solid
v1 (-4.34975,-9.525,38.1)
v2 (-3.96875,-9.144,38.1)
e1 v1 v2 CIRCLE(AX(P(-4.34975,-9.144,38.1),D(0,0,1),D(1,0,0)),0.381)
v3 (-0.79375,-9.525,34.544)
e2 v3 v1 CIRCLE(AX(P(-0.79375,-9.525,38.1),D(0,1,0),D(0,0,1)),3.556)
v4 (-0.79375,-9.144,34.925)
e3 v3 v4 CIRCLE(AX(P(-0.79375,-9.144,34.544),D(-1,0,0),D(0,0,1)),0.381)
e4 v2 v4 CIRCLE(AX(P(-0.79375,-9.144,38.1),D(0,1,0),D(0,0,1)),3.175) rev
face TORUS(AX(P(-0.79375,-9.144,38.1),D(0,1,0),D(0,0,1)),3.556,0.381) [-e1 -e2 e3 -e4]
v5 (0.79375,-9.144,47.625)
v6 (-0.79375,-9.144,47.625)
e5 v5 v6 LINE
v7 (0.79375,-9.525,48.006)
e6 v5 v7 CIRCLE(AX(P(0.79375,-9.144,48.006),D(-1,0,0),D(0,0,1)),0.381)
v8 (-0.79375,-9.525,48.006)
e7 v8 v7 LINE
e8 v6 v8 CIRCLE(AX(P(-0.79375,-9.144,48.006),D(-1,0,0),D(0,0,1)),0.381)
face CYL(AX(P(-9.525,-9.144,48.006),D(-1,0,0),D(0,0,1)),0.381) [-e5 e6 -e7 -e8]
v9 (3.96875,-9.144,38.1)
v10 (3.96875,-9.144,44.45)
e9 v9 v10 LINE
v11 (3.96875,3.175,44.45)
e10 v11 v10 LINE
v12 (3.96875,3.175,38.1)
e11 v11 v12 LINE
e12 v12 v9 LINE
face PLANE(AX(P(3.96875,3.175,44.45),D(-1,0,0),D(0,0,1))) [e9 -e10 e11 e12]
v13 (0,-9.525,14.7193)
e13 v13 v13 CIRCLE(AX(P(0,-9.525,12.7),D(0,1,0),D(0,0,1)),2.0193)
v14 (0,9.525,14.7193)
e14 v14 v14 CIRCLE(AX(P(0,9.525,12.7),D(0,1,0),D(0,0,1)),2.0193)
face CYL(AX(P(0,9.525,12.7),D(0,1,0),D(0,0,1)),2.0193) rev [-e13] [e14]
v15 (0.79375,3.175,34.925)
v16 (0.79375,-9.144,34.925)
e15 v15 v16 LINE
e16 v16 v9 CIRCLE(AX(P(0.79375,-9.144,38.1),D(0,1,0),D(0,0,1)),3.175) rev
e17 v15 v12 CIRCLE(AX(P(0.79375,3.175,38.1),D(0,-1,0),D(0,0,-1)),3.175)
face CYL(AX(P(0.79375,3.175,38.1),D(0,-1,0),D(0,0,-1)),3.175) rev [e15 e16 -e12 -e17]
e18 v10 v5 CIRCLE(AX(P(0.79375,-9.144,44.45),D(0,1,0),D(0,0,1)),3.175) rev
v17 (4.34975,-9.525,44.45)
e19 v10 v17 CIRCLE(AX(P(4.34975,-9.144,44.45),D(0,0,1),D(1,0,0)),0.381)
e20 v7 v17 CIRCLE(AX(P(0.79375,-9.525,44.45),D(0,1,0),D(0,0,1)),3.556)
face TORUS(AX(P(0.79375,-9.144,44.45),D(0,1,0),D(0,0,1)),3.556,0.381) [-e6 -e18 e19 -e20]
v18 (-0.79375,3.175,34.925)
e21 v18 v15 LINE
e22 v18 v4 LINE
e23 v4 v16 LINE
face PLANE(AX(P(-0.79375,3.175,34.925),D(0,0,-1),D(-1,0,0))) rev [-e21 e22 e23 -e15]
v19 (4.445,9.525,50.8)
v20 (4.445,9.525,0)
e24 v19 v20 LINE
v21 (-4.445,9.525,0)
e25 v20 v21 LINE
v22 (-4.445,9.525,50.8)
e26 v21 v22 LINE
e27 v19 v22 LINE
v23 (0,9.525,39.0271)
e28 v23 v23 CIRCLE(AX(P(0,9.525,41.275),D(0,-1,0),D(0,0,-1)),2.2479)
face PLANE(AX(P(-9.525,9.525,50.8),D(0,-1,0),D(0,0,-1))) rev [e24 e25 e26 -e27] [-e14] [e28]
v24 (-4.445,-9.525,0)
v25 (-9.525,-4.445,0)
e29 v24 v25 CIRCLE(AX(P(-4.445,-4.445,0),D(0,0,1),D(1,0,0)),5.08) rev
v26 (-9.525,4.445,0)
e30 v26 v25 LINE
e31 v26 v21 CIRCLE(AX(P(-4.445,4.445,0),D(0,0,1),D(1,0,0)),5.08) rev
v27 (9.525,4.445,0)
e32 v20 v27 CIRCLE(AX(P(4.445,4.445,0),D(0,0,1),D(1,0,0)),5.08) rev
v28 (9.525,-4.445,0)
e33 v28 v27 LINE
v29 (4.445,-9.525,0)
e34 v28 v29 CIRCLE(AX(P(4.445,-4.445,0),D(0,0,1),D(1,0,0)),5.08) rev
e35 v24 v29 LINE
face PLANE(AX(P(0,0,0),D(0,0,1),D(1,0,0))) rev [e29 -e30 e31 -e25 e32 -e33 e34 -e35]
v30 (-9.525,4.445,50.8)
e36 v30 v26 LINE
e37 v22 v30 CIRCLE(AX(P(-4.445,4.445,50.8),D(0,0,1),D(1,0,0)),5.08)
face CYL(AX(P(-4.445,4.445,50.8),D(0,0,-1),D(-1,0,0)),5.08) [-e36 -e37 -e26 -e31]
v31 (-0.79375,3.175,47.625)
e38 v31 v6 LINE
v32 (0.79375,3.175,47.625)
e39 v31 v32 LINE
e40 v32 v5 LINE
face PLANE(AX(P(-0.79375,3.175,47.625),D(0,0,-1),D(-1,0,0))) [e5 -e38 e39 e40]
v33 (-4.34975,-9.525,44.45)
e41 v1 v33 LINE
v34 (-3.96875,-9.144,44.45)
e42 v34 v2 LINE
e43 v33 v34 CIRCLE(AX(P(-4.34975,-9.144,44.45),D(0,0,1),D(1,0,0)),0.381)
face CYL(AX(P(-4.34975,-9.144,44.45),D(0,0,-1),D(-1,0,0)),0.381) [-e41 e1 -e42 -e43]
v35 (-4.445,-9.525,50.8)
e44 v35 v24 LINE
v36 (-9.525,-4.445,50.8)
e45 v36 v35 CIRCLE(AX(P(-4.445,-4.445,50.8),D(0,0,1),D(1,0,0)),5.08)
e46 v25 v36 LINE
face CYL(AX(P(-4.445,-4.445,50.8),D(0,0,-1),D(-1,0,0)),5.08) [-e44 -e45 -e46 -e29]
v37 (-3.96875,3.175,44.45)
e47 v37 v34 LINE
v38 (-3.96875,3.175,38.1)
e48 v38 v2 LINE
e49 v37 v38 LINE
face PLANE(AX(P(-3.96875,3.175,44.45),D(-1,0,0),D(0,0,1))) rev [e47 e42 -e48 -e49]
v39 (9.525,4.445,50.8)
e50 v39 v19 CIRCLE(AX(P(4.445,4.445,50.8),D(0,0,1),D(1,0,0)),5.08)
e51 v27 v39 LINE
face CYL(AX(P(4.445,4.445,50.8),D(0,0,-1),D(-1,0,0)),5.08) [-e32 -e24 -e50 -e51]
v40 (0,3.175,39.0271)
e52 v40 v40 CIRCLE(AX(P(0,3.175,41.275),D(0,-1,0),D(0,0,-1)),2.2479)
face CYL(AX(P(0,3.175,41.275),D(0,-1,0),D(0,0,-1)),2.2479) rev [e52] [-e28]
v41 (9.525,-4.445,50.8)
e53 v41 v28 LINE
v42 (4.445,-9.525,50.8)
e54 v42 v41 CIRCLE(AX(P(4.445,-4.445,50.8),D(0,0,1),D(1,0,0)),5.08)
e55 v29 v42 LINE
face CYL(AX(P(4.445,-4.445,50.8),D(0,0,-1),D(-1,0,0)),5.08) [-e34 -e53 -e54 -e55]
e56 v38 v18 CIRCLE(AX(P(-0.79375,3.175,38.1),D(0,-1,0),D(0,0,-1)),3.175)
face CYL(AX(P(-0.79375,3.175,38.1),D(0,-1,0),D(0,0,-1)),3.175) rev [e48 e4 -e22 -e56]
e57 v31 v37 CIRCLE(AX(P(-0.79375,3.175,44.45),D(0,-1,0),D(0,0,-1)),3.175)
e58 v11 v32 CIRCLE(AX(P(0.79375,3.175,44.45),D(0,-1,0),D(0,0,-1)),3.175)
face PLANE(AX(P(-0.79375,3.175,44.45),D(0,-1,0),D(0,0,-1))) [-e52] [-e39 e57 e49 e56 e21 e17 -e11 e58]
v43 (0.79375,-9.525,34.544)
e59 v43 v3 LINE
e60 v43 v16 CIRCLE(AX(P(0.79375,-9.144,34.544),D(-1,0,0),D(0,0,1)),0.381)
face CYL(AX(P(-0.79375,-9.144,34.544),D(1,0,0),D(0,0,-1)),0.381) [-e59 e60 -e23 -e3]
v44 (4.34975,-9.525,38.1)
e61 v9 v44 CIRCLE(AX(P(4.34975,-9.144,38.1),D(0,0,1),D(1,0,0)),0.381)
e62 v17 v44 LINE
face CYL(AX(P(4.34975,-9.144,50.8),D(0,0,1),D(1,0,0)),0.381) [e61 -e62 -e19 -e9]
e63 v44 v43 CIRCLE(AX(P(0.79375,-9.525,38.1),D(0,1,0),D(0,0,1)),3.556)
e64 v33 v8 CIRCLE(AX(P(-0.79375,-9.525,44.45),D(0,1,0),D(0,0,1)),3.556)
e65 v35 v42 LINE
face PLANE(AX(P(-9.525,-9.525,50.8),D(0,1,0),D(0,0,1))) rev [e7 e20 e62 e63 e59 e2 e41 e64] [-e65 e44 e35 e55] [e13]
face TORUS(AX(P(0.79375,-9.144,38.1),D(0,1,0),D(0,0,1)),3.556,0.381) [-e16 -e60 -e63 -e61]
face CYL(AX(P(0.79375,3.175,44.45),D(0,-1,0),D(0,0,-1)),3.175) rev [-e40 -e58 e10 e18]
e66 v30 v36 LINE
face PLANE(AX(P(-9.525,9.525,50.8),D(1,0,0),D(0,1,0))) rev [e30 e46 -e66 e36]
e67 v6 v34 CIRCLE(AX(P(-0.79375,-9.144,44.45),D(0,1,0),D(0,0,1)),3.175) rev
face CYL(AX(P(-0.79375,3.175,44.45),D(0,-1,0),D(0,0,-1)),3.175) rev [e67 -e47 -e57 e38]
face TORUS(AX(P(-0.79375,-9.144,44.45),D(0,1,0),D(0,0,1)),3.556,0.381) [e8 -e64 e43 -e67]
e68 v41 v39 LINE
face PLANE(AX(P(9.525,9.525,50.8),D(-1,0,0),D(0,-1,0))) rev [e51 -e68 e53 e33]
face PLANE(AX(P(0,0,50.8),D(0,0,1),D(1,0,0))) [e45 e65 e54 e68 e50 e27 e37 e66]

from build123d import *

# Parameters (mm, degrees)
SKETCH1_W              = 19.05
SKETCH1_H              = 19.05
BOSS_EXTRUDE1_DEPTH    = 50.8
CUT_EXTRUDE1_DEPTH     = 12.7
F_8_CLEARANCE_HOLE1_D  = 4.4958
FILLET1_R              = 0.381
F_10_32_TAPPED_HOLE1_D = 4.0386
FILLET2_R              = 5.08


with BuildPart() as part:
    # Sketch1 → Boss-Extrude1 (new body)
    with BuildSketch(Plane.XY):
        Rectangle(SKETCH1_W, SKETCH1_H)
    extrude(amount=BOSS_EXTRUDE1_DEPTH)

    # Sketch2 → Cut-Extrude1 (cut)
    with BuildSketch(Plane.XZ.offset(9.525)):
        with BuildLine():
            Line((-0.79375, 47.625), (0.79375, 47.625))
            ThreePointArc((0.79375, 47.625), (3.03881403, 46.69506403), (3.96875, 44.45))
            Line((3.96875, 44.45), (3.96875, 38.1))
            ThreePointArc((3.96875, 38.1), (3.03881403, 35.85493597), (0.79375, 34.925))
            Line((0.79375, 34.925), (-0.79375, 34.925))
            ThreePointArc((-0.79375, 34.925), (-3.03881403, 35.85493597), (-3.96875, 38.1))
            Line((-3.96875, 38.1), (-3.96875, 44.45))
            ThreePointArc((-3.96875, 44.45), (-3.03881403, 46.69506403), (-0.79375, 47.625))
        make_face()
    extrude(amount=-CUT_EXTRUDE1_DEPTH, mode=Mode.SUBTRACT)

    # #8 Clearance Hole1 (through all)
    with Locations(Plane(origin=(0, 3.175, 0), x_dir=(-1, 0, 0), z_dir=(0, -1, 0))):
        with Locations((0, -41.275)):
            Hole(F_8_CLEARANCE_HOLE1_D / 2)

    # Fillet1
    fillet1_edges = [part.edges().sort_by_distance(p)[0] for p in [
        (0, -9.525, 47.625),
        (3.96875, -9.525, 41.275),
        (-3.03881403, -9.525, 46.69506403),
        (-3.96875, -9.525, 41.275),
        (-3.03881403, -9.525, 35.85493597),
        (0, -9.525, 34.925),
        (3.03881403, -9.525, 35.85493597),
        (3.03881403, -9.525, 46.69506403),
    ]]
    fillet(fillet1_edges, radius=FILLET1_R)

    # #10-32 Tapped Hole1 (through all)
    with Locations(Plane(origin=(0, 9.525, 0), x_dir=(1, 0, 0), z_dir=(0, 1, 0))):
        with Locations((0, -12.7)):
            Hole(F_10_32_TAPPED_HOLE1_D / 2)

    # Fillet2
    fillet2_edges = [part.edges().sort_by_distance(p)[0] for p in [
        (9.525, -9.525, 25.4),
        (-9.525, -9.525, 25.4),
        (-9.525, 9.525, 25.4),
        (9.525, 9.525, 25.4),
    ]]
    fillet(fillet2_edges, radius=FILLET2_R)


solid = part.part
